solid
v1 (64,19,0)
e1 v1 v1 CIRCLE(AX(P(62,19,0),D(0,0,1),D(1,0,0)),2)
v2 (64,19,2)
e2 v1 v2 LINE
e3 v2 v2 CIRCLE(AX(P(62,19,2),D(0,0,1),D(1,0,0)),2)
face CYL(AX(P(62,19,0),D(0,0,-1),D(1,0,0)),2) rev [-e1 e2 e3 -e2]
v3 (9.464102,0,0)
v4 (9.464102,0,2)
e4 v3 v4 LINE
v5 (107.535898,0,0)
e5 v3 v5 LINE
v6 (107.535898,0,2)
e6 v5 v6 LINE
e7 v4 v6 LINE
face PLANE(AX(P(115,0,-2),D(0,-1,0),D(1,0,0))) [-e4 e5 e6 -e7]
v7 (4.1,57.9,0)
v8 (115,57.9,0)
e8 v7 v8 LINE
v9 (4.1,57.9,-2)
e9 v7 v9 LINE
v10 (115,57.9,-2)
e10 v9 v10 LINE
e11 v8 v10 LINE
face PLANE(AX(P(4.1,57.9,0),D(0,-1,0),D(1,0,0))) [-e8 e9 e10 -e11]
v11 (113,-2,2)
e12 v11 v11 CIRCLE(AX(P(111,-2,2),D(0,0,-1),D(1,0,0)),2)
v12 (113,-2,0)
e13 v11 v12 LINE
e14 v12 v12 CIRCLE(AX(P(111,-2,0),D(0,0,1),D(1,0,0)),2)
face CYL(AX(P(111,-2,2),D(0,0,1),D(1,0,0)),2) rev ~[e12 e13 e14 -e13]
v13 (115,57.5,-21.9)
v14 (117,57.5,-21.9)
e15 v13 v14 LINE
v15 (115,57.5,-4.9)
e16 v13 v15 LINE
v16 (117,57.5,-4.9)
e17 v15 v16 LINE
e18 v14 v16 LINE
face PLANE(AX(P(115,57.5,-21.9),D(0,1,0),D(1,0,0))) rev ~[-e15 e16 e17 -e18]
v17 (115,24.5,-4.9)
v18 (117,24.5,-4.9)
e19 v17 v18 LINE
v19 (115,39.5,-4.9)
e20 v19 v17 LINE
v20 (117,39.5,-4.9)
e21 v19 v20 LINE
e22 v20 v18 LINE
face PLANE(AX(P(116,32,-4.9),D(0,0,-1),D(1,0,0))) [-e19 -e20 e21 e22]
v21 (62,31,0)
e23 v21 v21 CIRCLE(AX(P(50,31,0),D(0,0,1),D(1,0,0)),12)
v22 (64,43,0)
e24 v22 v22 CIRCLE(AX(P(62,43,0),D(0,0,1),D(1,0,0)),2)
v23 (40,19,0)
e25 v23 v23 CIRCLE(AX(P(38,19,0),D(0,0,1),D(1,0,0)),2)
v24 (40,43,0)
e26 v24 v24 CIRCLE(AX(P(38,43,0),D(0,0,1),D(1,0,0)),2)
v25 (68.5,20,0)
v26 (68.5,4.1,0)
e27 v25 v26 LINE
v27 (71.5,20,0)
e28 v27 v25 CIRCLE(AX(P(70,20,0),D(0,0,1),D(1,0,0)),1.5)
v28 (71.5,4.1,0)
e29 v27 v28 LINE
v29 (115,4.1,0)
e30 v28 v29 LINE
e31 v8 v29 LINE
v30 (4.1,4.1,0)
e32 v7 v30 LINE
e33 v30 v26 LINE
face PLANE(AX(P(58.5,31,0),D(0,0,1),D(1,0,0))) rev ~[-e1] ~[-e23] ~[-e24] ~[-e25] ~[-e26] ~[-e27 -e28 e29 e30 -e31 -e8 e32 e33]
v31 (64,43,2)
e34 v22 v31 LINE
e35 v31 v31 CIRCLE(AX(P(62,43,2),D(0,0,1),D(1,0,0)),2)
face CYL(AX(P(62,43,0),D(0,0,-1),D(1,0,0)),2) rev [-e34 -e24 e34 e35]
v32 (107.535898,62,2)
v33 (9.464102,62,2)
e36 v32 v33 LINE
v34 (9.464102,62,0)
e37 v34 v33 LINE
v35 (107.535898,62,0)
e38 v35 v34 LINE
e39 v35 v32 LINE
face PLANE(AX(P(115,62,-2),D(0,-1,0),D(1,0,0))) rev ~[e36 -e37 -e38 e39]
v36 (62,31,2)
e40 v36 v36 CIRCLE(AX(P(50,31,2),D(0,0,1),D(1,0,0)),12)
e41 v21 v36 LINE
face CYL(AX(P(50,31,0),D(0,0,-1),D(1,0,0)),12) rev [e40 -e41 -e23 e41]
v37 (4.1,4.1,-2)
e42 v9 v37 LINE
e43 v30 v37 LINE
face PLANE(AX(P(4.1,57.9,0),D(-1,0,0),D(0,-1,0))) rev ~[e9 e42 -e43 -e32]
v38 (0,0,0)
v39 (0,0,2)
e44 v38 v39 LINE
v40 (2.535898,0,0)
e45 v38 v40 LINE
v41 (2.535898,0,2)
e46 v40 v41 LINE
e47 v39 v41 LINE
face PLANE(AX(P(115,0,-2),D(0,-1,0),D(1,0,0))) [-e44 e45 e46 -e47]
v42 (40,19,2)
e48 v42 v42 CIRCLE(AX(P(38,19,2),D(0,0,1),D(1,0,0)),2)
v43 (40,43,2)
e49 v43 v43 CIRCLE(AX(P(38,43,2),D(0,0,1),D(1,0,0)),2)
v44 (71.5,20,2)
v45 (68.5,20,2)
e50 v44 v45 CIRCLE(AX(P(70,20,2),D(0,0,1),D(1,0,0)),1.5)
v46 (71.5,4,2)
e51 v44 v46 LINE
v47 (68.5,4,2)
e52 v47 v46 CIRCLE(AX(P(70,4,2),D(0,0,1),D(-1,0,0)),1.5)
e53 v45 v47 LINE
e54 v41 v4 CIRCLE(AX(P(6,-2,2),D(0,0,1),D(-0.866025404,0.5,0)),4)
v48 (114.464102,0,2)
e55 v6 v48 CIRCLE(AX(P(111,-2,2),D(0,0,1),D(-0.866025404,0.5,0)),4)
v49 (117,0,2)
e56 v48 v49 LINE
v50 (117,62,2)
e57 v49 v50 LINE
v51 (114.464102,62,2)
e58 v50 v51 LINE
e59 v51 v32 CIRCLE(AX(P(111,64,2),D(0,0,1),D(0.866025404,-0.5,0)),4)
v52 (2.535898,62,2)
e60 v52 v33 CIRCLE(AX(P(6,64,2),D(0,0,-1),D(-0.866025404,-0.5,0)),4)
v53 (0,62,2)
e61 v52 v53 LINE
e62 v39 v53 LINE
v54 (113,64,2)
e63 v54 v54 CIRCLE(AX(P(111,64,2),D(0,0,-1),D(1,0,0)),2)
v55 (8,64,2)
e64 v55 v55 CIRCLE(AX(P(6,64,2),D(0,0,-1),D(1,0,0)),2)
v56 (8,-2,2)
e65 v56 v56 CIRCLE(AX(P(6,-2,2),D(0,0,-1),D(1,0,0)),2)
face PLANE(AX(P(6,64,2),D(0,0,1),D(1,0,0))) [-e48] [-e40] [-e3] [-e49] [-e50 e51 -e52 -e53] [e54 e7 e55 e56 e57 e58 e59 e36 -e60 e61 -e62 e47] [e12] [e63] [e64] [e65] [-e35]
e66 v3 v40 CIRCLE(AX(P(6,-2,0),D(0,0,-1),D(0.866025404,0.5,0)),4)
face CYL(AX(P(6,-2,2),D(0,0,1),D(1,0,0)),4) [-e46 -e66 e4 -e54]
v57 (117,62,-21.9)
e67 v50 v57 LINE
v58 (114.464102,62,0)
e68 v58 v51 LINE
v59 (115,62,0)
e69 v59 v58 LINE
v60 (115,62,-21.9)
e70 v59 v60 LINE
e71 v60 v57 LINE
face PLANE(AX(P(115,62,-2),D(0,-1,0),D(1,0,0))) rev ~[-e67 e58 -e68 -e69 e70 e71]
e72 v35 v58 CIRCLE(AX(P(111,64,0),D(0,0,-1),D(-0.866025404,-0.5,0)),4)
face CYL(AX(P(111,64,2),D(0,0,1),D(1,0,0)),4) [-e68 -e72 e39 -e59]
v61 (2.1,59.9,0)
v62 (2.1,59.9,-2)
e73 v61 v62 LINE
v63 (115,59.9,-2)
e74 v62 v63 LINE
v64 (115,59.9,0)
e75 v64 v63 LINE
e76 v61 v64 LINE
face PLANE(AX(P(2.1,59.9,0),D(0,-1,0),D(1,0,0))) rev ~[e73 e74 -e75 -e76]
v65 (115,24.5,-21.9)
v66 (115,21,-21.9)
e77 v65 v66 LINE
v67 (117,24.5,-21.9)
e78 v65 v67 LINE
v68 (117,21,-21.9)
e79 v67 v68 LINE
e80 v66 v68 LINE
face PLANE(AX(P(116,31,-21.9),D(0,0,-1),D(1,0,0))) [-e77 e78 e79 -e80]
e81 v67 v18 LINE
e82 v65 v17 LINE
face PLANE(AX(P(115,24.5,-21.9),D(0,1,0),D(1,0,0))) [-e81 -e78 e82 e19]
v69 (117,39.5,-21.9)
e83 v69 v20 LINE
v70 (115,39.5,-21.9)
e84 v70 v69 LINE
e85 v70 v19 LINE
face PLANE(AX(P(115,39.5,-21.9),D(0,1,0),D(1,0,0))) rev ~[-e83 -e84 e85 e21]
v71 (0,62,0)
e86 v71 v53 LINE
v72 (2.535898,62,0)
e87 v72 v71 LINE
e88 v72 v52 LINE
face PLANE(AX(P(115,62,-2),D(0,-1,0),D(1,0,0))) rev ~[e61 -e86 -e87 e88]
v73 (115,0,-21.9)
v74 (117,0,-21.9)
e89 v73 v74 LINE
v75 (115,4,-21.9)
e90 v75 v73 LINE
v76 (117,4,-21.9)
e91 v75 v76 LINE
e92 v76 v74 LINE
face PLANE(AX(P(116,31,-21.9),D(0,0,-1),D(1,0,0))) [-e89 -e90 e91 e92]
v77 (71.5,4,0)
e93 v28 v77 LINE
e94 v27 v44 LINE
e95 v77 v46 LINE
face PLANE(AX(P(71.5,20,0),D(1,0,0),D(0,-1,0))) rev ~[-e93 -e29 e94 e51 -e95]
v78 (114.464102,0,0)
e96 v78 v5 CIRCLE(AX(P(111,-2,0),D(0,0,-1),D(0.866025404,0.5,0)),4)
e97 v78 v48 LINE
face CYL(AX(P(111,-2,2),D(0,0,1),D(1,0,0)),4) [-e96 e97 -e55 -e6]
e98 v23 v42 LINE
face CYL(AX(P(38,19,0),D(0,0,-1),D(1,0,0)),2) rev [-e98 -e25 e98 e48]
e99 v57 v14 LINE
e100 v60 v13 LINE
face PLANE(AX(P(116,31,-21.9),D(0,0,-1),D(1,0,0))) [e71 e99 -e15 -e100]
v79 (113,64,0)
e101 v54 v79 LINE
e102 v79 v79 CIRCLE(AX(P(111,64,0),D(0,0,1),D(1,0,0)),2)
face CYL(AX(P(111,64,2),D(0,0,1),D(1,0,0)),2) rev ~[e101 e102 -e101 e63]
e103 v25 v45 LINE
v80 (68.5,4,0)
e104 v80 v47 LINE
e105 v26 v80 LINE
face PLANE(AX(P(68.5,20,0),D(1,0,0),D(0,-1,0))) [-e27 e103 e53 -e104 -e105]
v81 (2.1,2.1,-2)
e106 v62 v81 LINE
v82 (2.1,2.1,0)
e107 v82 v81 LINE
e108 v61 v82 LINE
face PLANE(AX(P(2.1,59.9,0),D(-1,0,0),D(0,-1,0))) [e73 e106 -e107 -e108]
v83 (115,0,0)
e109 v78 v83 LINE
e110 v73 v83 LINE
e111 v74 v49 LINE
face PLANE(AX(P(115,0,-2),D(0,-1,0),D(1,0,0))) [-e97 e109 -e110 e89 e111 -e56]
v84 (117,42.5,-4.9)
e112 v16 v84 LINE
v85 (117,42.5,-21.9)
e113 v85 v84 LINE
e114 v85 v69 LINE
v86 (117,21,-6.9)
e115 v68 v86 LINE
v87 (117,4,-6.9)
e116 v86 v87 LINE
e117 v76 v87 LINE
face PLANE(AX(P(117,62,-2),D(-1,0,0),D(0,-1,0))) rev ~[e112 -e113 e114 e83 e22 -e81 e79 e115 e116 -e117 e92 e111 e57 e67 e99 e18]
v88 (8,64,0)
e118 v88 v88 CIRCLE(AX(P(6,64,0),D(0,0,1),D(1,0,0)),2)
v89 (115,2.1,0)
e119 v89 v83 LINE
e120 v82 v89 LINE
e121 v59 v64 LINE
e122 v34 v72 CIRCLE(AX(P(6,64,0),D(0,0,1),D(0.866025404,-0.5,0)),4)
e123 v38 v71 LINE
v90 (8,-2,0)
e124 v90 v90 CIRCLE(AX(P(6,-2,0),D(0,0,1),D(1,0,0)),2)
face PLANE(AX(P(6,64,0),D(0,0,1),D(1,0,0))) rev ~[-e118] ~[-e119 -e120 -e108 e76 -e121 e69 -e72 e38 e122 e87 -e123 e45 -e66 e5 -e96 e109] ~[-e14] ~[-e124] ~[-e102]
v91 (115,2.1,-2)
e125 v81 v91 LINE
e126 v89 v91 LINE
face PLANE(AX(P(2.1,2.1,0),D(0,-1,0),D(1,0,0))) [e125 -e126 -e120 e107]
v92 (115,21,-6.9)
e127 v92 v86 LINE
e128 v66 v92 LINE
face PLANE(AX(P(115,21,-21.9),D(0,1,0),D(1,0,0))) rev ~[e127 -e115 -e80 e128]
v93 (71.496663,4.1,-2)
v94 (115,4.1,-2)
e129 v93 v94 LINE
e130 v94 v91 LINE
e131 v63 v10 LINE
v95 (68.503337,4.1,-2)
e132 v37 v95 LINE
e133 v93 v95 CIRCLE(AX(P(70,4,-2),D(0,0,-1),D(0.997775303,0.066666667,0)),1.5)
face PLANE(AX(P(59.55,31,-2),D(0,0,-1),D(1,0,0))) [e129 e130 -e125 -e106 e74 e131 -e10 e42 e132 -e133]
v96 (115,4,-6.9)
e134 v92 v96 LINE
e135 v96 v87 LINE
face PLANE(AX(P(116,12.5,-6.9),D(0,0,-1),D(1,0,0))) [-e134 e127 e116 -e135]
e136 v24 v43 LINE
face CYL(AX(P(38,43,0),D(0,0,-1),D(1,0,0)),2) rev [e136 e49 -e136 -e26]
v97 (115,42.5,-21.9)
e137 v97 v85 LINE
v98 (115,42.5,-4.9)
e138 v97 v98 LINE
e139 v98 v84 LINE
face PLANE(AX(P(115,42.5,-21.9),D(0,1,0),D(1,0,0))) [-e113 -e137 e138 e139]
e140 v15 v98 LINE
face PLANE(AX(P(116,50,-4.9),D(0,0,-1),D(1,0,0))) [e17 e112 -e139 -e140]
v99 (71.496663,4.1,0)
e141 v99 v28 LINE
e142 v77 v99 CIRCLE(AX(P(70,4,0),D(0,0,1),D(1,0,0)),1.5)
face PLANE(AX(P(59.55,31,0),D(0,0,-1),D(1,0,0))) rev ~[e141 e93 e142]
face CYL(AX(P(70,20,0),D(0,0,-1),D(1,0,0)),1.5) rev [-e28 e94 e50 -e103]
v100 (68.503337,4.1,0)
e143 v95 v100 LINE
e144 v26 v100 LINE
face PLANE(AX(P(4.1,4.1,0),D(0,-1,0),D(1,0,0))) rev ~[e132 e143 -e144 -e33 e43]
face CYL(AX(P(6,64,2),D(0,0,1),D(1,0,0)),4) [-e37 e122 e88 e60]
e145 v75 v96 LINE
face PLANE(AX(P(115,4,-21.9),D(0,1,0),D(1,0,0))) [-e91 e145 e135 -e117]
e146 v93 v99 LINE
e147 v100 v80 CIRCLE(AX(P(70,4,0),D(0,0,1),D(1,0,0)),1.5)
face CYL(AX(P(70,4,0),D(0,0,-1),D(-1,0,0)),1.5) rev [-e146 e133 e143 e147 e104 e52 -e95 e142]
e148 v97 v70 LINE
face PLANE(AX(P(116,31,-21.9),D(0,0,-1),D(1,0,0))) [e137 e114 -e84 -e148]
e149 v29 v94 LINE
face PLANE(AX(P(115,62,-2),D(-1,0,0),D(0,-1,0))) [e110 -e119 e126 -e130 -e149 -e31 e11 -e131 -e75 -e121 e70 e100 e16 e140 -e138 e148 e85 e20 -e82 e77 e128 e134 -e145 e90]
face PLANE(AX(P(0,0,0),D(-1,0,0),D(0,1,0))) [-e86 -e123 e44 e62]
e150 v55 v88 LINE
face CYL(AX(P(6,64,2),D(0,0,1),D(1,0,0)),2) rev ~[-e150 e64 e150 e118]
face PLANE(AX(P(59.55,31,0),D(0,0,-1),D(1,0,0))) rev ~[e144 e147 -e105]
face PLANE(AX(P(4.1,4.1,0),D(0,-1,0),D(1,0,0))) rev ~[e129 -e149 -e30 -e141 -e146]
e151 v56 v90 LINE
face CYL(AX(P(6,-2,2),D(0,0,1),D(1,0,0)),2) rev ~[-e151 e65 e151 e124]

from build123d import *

# Parameters (mm, degrees)
SKETCH_W        = 117
SKETCH_H        = 62
SKETCH_R        = 2
SKETCH_R_2      = 12
PAD_DEPTH       = 2
SKETCH001_W     = 114.9
SKETCH001_H     = 57.8
SKETCH001_W_2   = 110.9
SKETCH001_H_2   = 53.8
SKETCH001_W_3   = 2
SKETCH001_H_3   = 2.1
PAD001_DEPTH    = 2
SKETCH003_R     = 2
POCKET_DEPTH    = 2
SKETCH005_W     = 2
SKETCH005_H     = 62
PAD002_DEPTH    = 19.9
SKETCH006_W     = 2
SKETCH006_H     = 17
POCKET001_DEPTH = 15
SKETCH007_W     = 2
SKETCH007_H     = 15
POCKET002_DEPTH = 17
SKETCH008_R     = 4
SKETCH008_R_2   = 2
PAD003_DEPTH    = 2
SKETCH009_R     = 1.5
POCKET003_DEPTH = 5


with BuildPart() as part:
    # Sketch → Pad (new body)
    with BuildSketch(Plane.XY):
        with Locations((58.5, 31)):
            Rectangle(SKETCH_W, SKETCH_H)
        with Locations((38, 43)):
            Circle(SKETCH_R, mode=Mode.SUBTRACT)
        with Locations((62, 43)):
            Circle(SKETCH_R, mode=Mode.SUBTRACT)
        with Locations((38, 19)):
            Circle(SKETCH_R, mode=Mode.SUBTRACT)
        with Locations((62, 19)):
            Circle(SKETCH_R, mode=Mode.SUBTRACT)
        with Locations((50, 31)):
            Circle(SKETCH_R_2, mode=Mode.SUBTRACT)
        with BuildLine():
            ThreePointArc((71.5, 20), (70, 21.5), (68.5, 20))
            Line((68.5, 20), (68.5, 4))
            ThreePointArc((68.5, 4), (70, 2.5), (71.5, 4))
            Line((71.5, 20), (71.5, 4))
        make_face(mode=Mode.SUBTRACT)
    extrude(amount=PAD_DEPTH)

    # Sketch001 (on Face14 of Pad) → Pad001 (join)
    with BuildSketch(Plane(origin=(0, 0, 0), x_dir=(1, 0, 0), z_dir=(0, 0, -1))):
        with Locations((59.55, -31)):
            Rectangle(SKETCH001_W, SKETCH001_H)
        with Locations((59.55, -31)):
            Rectangle(SKETCH001_W_2, SKETCH001_H_2, mode=Mode.SUBTRACT)
        with Locations((116, -1.05)):
            Rectangle(SKETCH001_W_3, SKETCH001_H_3)
        with Locations((116, -60.95)):
            Rectangle(SKETCH001_W_3, SKETCH001_H_3)
    extrude(amount=PAD001_DEPTH)

    # Sketch003 → Pocket (cut)
    with BuildSketch(Plane.XY.offset(2)):
        with Locations((6, 64)):
            Circle(SKETCH003_R)
        with Locations((113, 64)):
            Circle(SKETCH003_R)
        with Locations((6, -2)):
            Circle(SKETCH003_R)
        with Locations((113, -2)):
            Circle(SKETCH003_R)
    extrude(amount=-POCKET_DEPTH, mode=Mode.SUBTRACT)

    # Sketch005 (on Face16 of Pad001) → Pad002 (join)
    with BuildSketch(Plane(origin=(0, 0, -2), x_dir=(1, 0, 0), z_dir=(0, 0, -1))):
        with Locations((116, -31)):
            Rectangle(SKETCH005_W, SKETCH005_H)
    extrude(amount=PAD002_DEPTH)

    # Sketch006 (on Face37 of Pad002) → Pocket001 (cut)
    with BuildSketch(Plane(origin=(0, 0, -21.9), x_dir=(1, 0, 0), z_dir=(0, 0, -1))):
        with Locations((116, -12.5)):
            Rectangle(SKETCH006_W, SKETCH006_H)
    extrude(amount=-POCKET001_DEPTH, mode=Mode.SUBTRACT)

    # Sketch007 (on Face41 of Pocket001) → Pocket002 (cut)
    with BuildSketch(Plane(origin=(0, 0, -21.9), x_dir=(1, 0, 0), z_dir=(0, 0, -1))):
        with Locations((116, -32)):
            Rectangle(SKETCH007_W, SKETCH007_H)
        with Locations((116, -50)):
            Rectangle(SKETCH007_W, SKETCH007_H)
    extrude(amount=-POCKET002_DEPTH, mode=Mode.SUBTRACT)

    # Sketch008 (on Face4 of Pocket002) → Pad003 (join)
    with BuildSketch(Plane.XY.offset(2)):
        with Locations((6, 64)):
            Circle(SKETCH008_R)
        with Locations((6, 64)):
            Circle(SKETCH008_R_2, mode=Mode.SUBTRACT)
        with Locations((111, 64)):
            Circle(SKETCH008_R)
        with Locations((111, 64)):
            Circle(SKETCH008_R_2, mode=Mode.SUBTRACT)
        with Locations((6, -2)):
            Circle(SKETCH008_R)
        with Locations((6, -2)):
            Circle(SKETCH008_R_2, mode=Mode.SUBTRACT)
        with Locations((111, -2)):
            Circle(SKETCH008_R)
        with Locations((111, -2)):
            Circle(SKETCH008_R_2, mode=Mode.SUBTRACT)
    extrude(amount=-PAD003_DEPTH)

    # Sketch009 (on Face59 of Pad003) → Pocket003 (cut)
    with BuildSketch(Plane.XY):
        with Locations((70, 4)):
            Circle(SKETCH009_R)
    extrude(amount=-POCKET003_DEPTH, mode=Mode.SUBTRACT)


solid = part.part
